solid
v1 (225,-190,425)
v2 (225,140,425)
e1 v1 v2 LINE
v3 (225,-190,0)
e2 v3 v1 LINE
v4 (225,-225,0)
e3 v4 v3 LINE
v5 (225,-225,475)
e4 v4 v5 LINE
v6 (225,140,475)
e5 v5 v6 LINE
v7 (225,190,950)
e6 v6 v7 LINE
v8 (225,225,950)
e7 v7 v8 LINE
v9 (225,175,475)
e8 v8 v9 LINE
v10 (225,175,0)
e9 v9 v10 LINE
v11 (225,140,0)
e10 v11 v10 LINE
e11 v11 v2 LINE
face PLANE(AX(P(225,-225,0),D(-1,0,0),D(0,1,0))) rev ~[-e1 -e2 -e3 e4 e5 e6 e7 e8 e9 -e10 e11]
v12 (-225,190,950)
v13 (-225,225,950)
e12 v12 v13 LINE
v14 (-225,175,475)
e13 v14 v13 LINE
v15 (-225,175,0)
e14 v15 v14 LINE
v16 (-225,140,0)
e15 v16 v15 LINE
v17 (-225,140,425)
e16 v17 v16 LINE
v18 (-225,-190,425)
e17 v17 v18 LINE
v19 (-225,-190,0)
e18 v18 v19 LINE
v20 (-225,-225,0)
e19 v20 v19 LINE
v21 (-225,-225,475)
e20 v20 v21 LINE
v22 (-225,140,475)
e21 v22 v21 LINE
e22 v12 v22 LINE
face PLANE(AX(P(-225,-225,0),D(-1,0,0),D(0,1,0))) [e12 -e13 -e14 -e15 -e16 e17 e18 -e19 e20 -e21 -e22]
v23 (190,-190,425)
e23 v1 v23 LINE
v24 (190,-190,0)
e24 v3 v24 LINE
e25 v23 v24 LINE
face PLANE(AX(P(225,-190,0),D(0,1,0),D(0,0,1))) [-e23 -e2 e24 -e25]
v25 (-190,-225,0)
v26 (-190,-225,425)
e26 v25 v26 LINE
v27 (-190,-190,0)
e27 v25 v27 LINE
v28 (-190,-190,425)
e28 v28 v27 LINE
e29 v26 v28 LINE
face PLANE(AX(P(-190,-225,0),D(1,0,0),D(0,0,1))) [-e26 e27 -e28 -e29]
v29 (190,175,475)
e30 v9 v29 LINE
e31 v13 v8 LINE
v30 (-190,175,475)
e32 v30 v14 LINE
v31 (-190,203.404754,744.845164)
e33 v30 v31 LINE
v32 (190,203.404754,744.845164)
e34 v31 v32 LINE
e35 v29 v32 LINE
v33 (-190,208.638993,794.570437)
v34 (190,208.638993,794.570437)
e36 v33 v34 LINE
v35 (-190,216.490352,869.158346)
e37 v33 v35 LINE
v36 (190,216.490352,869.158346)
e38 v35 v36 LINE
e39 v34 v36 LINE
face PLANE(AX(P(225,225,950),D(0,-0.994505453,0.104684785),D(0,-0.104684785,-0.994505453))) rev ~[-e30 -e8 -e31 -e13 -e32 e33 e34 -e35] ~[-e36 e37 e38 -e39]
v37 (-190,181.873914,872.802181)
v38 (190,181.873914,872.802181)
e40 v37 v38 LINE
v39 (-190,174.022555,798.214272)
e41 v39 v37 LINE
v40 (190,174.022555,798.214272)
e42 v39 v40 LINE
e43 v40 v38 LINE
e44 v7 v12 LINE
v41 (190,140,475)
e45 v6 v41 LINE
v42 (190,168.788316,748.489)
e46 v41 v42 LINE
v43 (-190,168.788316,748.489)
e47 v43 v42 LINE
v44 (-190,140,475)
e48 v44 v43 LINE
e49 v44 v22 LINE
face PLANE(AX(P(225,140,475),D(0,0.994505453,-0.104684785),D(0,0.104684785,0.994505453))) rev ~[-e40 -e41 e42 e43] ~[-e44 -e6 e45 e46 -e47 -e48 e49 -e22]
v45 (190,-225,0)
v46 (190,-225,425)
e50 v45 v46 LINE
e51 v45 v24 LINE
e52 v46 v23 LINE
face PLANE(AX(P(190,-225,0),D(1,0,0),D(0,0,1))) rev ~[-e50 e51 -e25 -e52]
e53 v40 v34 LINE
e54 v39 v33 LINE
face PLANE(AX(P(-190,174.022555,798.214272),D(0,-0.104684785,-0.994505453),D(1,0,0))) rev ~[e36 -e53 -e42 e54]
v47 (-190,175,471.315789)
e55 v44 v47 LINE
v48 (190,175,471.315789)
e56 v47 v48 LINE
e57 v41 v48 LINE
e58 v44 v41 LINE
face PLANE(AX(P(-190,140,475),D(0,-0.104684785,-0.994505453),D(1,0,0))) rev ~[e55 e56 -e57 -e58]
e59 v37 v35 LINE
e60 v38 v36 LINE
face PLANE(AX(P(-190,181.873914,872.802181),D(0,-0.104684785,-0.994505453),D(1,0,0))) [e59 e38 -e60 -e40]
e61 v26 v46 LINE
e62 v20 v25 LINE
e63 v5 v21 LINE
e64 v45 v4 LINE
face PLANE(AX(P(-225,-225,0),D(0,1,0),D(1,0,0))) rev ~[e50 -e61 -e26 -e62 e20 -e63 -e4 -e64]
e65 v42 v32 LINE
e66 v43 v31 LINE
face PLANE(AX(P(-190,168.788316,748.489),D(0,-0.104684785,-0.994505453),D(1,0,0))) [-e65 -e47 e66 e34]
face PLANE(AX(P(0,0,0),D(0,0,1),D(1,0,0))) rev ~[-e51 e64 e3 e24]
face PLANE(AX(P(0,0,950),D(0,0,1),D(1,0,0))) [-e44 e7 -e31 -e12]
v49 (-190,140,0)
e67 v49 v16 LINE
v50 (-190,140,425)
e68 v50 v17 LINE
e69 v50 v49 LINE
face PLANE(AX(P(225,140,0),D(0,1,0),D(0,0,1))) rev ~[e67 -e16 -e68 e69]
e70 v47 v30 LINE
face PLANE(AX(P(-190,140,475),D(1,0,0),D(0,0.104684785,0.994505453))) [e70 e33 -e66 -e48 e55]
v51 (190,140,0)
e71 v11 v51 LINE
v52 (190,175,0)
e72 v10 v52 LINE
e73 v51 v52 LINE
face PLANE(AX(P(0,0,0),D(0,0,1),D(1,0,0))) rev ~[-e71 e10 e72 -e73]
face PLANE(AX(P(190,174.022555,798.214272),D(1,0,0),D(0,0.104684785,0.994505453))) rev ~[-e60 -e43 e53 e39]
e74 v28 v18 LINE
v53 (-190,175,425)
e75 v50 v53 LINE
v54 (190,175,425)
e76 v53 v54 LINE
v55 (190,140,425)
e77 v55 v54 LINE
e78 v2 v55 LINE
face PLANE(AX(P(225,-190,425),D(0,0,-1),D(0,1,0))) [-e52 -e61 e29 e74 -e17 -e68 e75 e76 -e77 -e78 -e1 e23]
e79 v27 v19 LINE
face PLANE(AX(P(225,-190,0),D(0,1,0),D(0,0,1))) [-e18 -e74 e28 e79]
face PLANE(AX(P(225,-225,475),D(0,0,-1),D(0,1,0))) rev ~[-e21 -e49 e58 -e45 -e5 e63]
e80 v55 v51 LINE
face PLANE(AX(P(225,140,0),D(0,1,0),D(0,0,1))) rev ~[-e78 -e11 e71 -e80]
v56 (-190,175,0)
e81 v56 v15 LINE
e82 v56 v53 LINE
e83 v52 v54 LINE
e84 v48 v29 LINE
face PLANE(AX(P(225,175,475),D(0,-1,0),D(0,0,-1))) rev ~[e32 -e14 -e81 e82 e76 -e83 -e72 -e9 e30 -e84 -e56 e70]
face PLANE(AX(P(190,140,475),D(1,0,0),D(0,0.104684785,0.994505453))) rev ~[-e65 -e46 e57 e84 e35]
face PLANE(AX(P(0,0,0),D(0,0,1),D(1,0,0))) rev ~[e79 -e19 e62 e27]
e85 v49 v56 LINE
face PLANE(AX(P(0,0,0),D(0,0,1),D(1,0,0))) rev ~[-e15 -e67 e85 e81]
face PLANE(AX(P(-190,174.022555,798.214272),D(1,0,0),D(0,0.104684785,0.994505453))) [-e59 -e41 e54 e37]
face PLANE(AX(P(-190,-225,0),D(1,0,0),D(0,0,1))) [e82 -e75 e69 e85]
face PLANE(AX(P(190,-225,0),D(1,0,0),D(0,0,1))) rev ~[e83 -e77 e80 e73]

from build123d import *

# Parameters (mm, degrees)
F0_W     = 450
F0_H     = 450
F1_DEPTH = 950
F2_W     = 50
F2_H     = 50
F2_H_2   = 425
F2_W_2   = 330
F3_DEPTH = 450.001
F4_W     = 380
F4_H     = 425
F5_DEPTH = 450.001
F6_W     = 380
F6_H     = 75
F6_H_2   = 275
F7_DEPTH = 134.2592361444


with BuildPart() as f1:
    # F0 (on Top) → F1 (new body)
    with BuildSketch(Plane.XY):
        Rectangle(F0_W, F0_H)
    extrude(amount=F1_DEPTH)

    # F2 (on face) → F3 (cut, through all)
    with BuildSketch(Plane.YZ.offset(225)):
        Polygon((-225, 950), (-225, 475), (140, 475), (190, 950), align=None)
        Polygon((225, 950), (175, 475), (225, 475), align=None)
        with Locations((200, 450)):
            Rectangle(F2_W, F2_H)
        with Locations((200, 212.5)):
            Rectangle(F2_W, F2_H_2)
        with Locations((-25, 212.5)):
            Rectangle(F2_W_2, F2_H_2)
    extrude(amount=-F3_DEPTH, mode=Mode.SUBTRACT)

    # F4 (on face) → F5 (cut, through all)
    with BuildSketch(Plane.XZ.offset(225)):
        with Locations((0, 212.5)):
            Rectangle(F4_W, F4_H)
    extrude(amount=-F5_DEPTH, mode=Mode.SUBTRACT)

    # F6 (on face) → F7 (cut, through all)
    with BuildSketch(Plane(origin=(0, 89.0136986301, -9.3698630137), x_dir=(1, 0, 0), z_dir=(0, -0.9945054529, 0.1046847845))):
        with Locations((0, 849.5459599702)):
            Rectangle(F6_W, F6_H)
        with Locations((0, 624.5459599702)):
            Rectangle(F6_W, F6_H_2)
    extrude(amount=-F7_DEPTH, mode=Mode.SUBTRACT)


solid = f1.part
